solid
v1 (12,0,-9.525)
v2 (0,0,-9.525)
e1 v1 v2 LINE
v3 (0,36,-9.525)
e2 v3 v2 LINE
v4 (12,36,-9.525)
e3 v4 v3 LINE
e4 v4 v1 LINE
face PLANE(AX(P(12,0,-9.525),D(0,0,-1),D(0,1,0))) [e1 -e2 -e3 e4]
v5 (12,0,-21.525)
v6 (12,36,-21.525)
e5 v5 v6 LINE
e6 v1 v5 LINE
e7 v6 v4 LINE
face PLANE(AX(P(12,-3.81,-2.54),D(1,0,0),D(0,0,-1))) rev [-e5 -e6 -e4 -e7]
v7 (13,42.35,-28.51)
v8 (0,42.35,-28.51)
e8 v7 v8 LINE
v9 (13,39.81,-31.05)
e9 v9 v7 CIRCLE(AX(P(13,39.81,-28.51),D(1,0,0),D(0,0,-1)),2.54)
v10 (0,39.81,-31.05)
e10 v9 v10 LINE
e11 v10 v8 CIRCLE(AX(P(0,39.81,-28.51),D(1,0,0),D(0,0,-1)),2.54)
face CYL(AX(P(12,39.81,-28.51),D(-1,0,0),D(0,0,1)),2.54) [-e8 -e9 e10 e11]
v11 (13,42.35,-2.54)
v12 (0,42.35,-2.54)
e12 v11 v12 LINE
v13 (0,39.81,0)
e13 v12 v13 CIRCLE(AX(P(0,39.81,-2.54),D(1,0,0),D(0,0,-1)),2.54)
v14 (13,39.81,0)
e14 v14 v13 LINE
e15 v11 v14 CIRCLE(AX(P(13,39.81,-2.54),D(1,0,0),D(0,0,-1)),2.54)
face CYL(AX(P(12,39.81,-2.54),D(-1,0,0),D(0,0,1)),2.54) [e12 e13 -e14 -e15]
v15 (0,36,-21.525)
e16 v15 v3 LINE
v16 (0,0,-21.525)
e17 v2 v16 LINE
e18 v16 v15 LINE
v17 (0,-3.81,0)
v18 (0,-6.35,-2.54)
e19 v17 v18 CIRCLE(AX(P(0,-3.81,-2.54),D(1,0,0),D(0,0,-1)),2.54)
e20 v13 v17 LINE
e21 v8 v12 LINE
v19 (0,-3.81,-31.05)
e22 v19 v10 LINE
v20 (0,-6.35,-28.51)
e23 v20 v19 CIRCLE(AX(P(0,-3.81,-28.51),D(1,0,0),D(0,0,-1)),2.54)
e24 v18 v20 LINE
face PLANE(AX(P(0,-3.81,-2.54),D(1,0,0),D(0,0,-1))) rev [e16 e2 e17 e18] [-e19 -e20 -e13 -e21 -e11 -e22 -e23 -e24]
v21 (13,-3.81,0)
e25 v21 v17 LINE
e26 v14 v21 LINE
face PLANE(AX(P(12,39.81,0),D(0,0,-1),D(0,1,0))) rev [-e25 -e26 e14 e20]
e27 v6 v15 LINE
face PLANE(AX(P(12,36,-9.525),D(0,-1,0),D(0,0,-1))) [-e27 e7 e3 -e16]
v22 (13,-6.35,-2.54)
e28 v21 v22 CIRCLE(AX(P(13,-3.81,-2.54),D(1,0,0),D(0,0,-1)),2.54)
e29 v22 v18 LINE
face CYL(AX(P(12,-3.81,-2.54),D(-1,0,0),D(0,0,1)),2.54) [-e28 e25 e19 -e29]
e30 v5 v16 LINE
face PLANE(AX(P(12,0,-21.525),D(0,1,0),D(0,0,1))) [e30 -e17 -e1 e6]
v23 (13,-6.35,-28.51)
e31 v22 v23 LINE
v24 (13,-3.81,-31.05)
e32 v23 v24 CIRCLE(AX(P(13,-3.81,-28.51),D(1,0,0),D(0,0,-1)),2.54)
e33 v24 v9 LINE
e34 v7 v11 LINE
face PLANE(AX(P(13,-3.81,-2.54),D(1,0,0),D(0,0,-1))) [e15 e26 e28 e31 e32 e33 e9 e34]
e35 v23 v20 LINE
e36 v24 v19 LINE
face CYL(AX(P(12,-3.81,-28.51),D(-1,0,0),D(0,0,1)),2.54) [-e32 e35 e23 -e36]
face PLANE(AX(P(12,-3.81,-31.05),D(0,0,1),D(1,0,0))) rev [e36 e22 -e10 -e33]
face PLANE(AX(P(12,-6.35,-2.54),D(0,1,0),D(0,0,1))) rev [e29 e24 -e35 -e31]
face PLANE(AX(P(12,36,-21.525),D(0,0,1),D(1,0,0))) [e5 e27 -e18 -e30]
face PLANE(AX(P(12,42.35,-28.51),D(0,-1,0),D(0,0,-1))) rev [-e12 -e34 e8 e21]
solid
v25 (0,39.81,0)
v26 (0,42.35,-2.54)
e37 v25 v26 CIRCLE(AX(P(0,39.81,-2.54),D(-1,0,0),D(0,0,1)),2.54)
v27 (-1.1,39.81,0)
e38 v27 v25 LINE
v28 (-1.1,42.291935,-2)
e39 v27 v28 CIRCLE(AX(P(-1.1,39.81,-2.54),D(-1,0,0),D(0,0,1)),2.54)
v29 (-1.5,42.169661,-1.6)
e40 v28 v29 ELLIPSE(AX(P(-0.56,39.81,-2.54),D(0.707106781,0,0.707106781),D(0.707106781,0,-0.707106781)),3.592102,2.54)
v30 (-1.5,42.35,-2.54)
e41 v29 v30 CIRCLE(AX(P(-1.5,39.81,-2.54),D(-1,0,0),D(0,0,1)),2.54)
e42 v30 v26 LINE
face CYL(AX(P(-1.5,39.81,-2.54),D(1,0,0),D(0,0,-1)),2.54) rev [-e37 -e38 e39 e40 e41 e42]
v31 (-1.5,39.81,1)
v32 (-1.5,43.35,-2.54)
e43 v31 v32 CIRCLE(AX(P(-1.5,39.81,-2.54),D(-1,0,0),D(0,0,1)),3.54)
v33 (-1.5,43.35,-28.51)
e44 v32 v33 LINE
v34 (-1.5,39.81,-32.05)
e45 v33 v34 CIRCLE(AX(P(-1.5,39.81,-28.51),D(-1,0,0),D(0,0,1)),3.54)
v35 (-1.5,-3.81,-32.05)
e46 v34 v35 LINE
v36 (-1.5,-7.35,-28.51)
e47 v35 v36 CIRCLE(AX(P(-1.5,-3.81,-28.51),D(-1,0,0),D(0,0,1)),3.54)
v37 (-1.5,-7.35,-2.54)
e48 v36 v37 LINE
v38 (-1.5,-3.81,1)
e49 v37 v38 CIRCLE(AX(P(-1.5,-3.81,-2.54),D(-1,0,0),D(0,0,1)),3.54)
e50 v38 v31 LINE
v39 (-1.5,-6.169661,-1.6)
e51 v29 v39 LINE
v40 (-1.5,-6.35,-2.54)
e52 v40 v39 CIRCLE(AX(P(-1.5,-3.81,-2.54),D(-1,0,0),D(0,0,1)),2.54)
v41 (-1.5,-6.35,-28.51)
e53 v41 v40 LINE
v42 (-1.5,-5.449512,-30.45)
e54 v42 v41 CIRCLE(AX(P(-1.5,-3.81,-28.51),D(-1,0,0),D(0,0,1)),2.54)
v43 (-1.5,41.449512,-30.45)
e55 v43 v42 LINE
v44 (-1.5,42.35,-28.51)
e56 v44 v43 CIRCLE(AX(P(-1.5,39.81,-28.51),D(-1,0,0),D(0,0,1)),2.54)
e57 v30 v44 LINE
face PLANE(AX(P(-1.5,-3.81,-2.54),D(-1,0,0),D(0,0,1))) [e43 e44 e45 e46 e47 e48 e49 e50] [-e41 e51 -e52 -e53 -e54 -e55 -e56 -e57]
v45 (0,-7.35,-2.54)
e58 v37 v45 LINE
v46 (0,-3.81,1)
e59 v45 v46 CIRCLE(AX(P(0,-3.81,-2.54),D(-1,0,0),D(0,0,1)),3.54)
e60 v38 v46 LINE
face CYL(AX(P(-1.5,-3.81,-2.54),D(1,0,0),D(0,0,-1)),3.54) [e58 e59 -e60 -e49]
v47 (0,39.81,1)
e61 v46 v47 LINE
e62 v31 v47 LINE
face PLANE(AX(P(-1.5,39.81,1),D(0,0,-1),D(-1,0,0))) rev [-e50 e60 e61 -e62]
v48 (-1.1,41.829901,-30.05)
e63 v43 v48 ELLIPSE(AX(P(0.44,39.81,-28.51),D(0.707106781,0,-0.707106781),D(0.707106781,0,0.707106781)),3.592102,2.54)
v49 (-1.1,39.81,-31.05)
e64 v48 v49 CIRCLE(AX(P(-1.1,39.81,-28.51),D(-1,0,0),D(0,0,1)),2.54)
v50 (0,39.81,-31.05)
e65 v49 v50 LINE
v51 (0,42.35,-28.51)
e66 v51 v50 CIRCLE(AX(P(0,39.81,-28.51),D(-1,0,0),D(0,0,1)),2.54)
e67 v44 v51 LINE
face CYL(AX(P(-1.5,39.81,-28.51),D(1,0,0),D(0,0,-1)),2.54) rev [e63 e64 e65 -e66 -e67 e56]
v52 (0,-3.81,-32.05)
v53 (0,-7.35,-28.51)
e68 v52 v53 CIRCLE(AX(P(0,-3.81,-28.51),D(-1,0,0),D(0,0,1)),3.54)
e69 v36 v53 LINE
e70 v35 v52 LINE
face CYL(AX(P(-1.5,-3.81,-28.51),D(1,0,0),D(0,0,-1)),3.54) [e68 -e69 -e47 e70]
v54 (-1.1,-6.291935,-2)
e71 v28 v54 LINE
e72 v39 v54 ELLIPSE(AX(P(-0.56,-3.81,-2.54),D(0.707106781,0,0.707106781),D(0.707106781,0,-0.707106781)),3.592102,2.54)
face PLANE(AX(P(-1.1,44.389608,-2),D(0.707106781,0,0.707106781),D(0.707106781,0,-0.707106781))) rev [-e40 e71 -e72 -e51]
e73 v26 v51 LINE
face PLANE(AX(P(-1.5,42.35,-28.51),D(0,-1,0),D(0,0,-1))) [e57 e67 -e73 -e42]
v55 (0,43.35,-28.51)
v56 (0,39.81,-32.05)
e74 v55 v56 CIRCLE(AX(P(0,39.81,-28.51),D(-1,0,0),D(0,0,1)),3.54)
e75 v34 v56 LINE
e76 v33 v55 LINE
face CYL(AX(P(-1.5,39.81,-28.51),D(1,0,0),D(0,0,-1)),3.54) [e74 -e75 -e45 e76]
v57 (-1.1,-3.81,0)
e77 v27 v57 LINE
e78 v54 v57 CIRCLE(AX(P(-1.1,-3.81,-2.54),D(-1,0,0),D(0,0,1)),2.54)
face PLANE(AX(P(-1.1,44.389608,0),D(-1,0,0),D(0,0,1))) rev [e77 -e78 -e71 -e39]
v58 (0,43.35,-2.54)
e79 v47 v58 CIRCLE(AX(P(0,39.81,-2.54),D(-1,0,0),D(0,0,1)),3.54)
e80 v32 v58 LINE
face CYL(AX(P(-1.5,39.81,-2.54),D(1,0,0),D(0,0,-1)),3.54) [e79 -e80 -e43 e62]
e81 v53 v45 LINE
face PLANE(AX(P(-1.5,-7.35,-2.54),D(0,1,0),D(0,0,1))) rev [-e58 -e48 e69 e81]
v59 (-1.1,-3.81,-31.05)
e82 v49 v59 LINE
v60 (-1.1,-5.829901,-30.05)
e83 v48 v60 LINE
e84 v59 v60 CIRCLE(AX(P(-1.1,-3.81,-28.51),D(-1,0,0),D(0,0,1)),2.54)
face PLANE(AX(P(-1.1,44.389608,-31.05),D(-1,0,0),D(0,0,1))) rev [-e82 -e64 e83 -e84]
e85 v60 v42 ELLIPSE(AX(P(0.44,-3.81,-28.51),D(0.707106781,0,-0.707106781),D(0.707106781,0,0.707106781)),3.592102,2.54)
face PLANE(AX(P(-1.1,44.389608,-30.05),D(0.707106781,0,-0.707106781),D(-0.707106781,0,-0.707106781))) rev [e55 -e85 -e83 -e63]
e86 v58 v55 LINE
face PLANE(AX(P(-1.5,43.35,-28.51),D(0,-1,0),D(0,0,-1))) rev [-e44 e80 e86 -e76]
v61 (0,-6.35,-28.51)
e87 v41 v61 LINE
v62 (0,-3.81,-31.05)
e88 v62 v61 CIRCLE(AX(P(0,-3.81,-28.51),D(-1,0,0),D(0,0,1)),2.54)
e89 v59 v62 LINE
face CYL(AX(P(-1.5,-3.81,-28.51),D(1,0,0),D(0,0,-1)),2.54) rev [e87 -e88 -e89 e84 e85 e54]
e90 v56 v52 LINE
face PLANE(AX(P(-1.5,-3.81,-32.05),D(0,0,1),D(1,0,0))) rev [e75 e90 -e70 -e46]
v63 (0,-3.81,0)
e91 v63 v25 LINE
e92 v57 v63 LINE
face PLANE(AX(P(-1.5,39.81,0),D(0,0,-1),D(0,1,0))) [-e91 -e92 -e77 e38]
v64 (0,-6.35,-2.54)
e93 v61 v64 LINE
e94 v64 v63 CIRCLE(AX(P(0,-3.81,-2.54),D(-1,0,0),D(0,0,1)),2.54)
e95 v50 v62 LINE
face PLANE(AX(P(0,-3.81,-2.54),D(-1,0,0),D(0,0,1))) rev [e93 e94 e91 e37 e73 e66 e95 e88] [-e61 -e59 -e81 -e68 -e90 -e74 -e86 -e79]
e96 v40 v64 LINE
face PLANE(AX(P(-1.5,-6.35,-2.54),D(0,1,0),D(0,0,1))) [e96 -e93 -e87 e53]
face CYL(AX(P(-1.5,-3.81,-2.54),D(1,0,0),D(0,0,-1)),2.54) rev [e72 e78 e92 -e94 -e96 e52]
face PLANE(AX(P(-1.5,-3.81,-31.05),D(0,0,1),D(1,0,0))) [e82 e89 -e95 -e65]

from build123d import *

# Parameters (mm, degrees)
SKETCH2_W                        = 36
SKETCH2_H                        = 12
BOSS_EXTRUDE2_DEPTH              = 12
BOSS_EXTRUDE3_DEPTH              = 1
BOSS_EXTRUDE5_DEPTH              = 1.5
BOSS_EXTRUDE10_REACH             = 44.882
BOSS_EXTRUDE10_DIRECTION_2_REACH = 44.882
SKETCH15_OUTSIDE_W               = 65.146
SKETCH15_OUTSIDE_H               = 47.496
CUT_OFF_EXTRA_EDGES_DEPTH        = 47


with BuildPart() as part:
    # Sketch2 → Boss-Extrude2 (new body)
    with BuildSketch(Plane(origin=(0, 0, 0), x_dir=(0, -1, 0), z_dir=(1, 0, 0))):
        with BuildLine():
            Line((6.35, 2.54), (6.35, 28.51))
            ThreePointArc((6.35, 28.51), (5.606051224, 30.306051224), (3.81, 31.05))
            Line((3.81, 31.05), (-39.81, 31.05))
            ThreePointArc((-39.81, 31.05), (-41.606051224, 30.306051224), (-42.35, 28.51))
            Line((-42.35, 28.51), (-42.35, 2.54))
            ThreePointArc((-42.35, 2.54), (-41.606051224, 0.743948776), (-39.81, 0))
            Line((-39.81, 0), (3.81, 0))
            ThreePointArc((3.81, 0), (5.606051224, 0.743948776), (6.35, 2.54))
        make_face()
        with Locations((-18, 15.525)):
            Rectangle(SKETCH2_W, SKETCH2_H, mode=Mode.SUBTRACT)
    extrude(amount=BOSS_EXTRUDE2_DEPTH)

    # Sketch3 → Boss-Extrude3 (add)
    with BuildSketch(Plane.YZ.offset(12)):
        with BuildLine():
            Line((-6.35, -2.54), (-6.35, -28.51))
            ThreePointArc((-6.35, -28.51), (-5.606051224, -30.306051224), (-3.81, -31.05))
            Line((-3.81, -31.05), (39.81, -31.05))
            ThreePointArc((39.81, -31.05), (41.606051224, -30.306051224), (42.35, -28.51))
            Line((42.35, -28.51), (42.35, -2.54))
            ThreePointArc((42.35, -2.54), (41.606051224, -0.743948776), (39.81, 0))
            Line((39.81, 0), (-3.81, 0))
            ThreePointArc((-3.81, 0), (-5.606051224, -0.743948776), (-6.35, -2.54))
        make_face()
    extrude(amount=BOSS_EXTRUDE3_DEPTH)


with BuildPart() as body_2:
    # Sketch6 → Boss-Extrude5 (new body)
    with BuildSketch(Plane(origin=(0, 0, 0), x_dir=(0, -1, 0), z_dir=(-1, 0, 0))):
        with BuildLine():
            Line((7.35, -2.54), (7.35, -28.51))
            ThreePointArc((7.35, -28.51), (6.313158005, -31.013158005), (3.81, -32.05))
            Line((3.81, -32.05), (-39.81, -32.05))
            ThreePointArc((-39.81, -32.05), (-42.313158005, -31.013158005), (-43.35, -28.51))
            Line((-43.35, -28.51), (-43.35, -2.54))
            ThreePointArc((-43.35, -2.54), (-42.313158005, -0.036841995), (-39.81, 1))
            Line((-39.81, 1), (3.81, 1))
            ThreePointArc((3.81, 1), (6.313158005, -0.036841995), (7.35, -2.54))
        make_face()
        with BuildLine():
            Line((6.35, -2.54), (6.35, -28.51))
            ThreePointArc((6.35, -28.51), (5.606051224, -30.306051224), (3.81, -31.05))
            Line((3.81, -31.05), (-39.81, -31.05))
            ThreePointArc((-39.81, -31.05), (-41.606051224, -30.306051224), (-42.35, -28.51))
            Line((-42.35, -28.51), (-42.35, -2.54))
            ThreePointArc((-42.35, -2.54), (-41.606051224, -0.743948776), (-39.81, 0))
            Line((-39.81, 0), (3.81, 0))
            ThreePointArc((3.81, 0), (5.606051224, -0.743948776), (6.35, -2.54))
        make_face(mode=Mode.SUBTRACT)
    extrude(amount=BOSS_EXTRUDE5_DEPTH)

    # Boss-Extrude10: up to this face of the body (flat: up to its plane)
    boss_extrude10_end = Plane(body_2.part.faces().sort_by_distance((-0.75, 42.35, -15.525))[0])
    # Sketch10 → Boss-Extrude10 (add, up to the picked face)
    with BuildSketch(Plane(origin=(0, 18, 0), x_dir=(1, 0, 0), z_dir=(0, 1, 0)), mode=Mode.PRIVATE) as boss_extrude10_sk1:
        Polygon((-1.1, 0), (-1.1, 2), (-1.5, 1.6), (-1.5, 0), align=None)
    boss_extrude10_tool1 = split(extrude(boss_extrude10_sk1.sketch, amount=BOSS_EXTRUDE10_REACH, mode=Mode.PRIVATE), bisect_by=boss_extrude10_end, keep=Keep.BOTH, mode=Mode.PRIVATE)
    # Sketch10 → Boss-Extrude10 (add, up to the picked face)
    with BuildSketch(Plane(origin=(0, 18, 0), x_dir=(1, 0, 0), z_dir=(0, 1, 0)), mode=Mode.PRIVATE) as boss_extrude10_sk2:
        Polygon((-1.5, 31.05), (-1.1, 31.05), (-1.1, 30.05), (-1.5, 30.45), align=None)
    boss_extrude10_tool2 = split(extrude(boss_extrude10_sk2.sketch, amount=BOSS_EXTRUDE10_REACH, mode=Mode.PRIVATE), bisect_by=boss_extrude10_end, keep=Keep.BOTH, mode=Mode.PRIVATE)
    add(boss_extrude10_tool1.solids().sort_by(Axis((-1.292593, 18, -0.903704), (0, 1, 0)))[0])
    add(boss_extrude10_tool2.solids().sort_by(Axis((-1.283333, 18, -30.641667), (0, 1, 0)))[0])

    # Boss-Extrude10 direction 2: up to this face of the body (flat: up to its plane)
    boss_extrude10_direction_2_end = Plane(body_2.part.faces().sort_by_distance((-0.75, -6.35, -15.525))[0])
    # Sketch10 → Boss-Extrude10 direction 2 (add, up to the picked face)
    with BuildSketch(Plane(origin=(0, 18, 0), x_dir=(1, 0, 0), z_dir=(0, 1, 0)), mode=Mode.PRIVATE) as boss_extrude10_direction_2_sk1:
        Polygon((-1.1, 0), (-1.1, 2), (-1.5, 1.6), (-1.5, 0), align=None)
    boss_extrude10_direction_2_tool1 = split(extrude(boss_extrude10_direction_2_sk1.sketch, amount=-BOSS_EXTRUDE10_DIRECTION_2_REACH, mode=Mode.PRIVATE), bisect_by=boss_extrude10_direction_2_end, keep=Keep.BOTH, mode=Mode.PRIVATE)
    # Sketch10 → Boss-Extrude10 direction 2 (add, up to the picked face)
    with BuildSketch(Plane(origin=(0, 18, 0), x_dir=(1, 0, 0), z_dir=(0, 1, 0)), mode=Mode.PRIVATE) as boss_extrude10_direction_2_sk2:
        Polygon((-1.5, 31.05), (-1.1, 31.05), (-1.1, 30.05), (-1.5, 30.45), align=None)
    boss_extrude10_direction_2_tool2 = split(extrude(boss_extrude10_direction_2_sk2.sketch, amount=-BOSS_EXTRUDE10_DIRECTION_2_REACH, mode=Mode.PRIVATE), bisect_by=boss_extrude10_direction_2_end, keep=Keep.BOTH, mode=Mode.PRIVATE)
    add(boss_extrude10_direction_2_tool1.solids().sort_by(Axis((-1.292593, 18, -0.903704), (0, -1, 0)))[0])
    add(boss_extrude10_direction_2_tool2.solids().sort_by(Axis((-1.283333, 18, -30.641667), (0, -1, 0)))[0])

    # Sketch15 outside → cut off extra edges (cut)
    with BuildSketch(Plane(origin=(-1.5, 0, 0), x_dir=(0, -1, 0), z_dir=(-1, 0, 0))):
        with Locations((-18, -15.525)):
            Rectangle(SKETCH15_OUTSIDE_W, SKETCH15_OUTSIDE_H)
        with BuildLine():
            Line((7.35, -28.51), (7.35, -2.54))
            ThreePointArc((7.35, -2.54), (6.313158005, -0.036841995), (3.81, 1))
            Line((3.81, 1), (-39.81, 1))
            ThreePointArc((-39.81, 1), (-42.313158005, -0.036841995), (-43.35, -2.54))
            Line((-43.35, -2.54), (-43.35, -28.51))
            ThreePointArc((-43.35, -28.51), (-42.313158005, -31.013158005), (-39.81, -32.05))
            Line((-39.81, -32.05), (3.81, -32.05))
            ThreePointArc((3.81, -32.05), (6.313158005, -31.013158005), (7.35, -28.51))
        make_face(mode=Mode.SUBTRACT)
    extrude(amount=-CUT_OFF_EXTRA_EDGES_DEPTH, mode=Mode.SUBTRACT)


solid = Compound([part.part, body_2.part])
